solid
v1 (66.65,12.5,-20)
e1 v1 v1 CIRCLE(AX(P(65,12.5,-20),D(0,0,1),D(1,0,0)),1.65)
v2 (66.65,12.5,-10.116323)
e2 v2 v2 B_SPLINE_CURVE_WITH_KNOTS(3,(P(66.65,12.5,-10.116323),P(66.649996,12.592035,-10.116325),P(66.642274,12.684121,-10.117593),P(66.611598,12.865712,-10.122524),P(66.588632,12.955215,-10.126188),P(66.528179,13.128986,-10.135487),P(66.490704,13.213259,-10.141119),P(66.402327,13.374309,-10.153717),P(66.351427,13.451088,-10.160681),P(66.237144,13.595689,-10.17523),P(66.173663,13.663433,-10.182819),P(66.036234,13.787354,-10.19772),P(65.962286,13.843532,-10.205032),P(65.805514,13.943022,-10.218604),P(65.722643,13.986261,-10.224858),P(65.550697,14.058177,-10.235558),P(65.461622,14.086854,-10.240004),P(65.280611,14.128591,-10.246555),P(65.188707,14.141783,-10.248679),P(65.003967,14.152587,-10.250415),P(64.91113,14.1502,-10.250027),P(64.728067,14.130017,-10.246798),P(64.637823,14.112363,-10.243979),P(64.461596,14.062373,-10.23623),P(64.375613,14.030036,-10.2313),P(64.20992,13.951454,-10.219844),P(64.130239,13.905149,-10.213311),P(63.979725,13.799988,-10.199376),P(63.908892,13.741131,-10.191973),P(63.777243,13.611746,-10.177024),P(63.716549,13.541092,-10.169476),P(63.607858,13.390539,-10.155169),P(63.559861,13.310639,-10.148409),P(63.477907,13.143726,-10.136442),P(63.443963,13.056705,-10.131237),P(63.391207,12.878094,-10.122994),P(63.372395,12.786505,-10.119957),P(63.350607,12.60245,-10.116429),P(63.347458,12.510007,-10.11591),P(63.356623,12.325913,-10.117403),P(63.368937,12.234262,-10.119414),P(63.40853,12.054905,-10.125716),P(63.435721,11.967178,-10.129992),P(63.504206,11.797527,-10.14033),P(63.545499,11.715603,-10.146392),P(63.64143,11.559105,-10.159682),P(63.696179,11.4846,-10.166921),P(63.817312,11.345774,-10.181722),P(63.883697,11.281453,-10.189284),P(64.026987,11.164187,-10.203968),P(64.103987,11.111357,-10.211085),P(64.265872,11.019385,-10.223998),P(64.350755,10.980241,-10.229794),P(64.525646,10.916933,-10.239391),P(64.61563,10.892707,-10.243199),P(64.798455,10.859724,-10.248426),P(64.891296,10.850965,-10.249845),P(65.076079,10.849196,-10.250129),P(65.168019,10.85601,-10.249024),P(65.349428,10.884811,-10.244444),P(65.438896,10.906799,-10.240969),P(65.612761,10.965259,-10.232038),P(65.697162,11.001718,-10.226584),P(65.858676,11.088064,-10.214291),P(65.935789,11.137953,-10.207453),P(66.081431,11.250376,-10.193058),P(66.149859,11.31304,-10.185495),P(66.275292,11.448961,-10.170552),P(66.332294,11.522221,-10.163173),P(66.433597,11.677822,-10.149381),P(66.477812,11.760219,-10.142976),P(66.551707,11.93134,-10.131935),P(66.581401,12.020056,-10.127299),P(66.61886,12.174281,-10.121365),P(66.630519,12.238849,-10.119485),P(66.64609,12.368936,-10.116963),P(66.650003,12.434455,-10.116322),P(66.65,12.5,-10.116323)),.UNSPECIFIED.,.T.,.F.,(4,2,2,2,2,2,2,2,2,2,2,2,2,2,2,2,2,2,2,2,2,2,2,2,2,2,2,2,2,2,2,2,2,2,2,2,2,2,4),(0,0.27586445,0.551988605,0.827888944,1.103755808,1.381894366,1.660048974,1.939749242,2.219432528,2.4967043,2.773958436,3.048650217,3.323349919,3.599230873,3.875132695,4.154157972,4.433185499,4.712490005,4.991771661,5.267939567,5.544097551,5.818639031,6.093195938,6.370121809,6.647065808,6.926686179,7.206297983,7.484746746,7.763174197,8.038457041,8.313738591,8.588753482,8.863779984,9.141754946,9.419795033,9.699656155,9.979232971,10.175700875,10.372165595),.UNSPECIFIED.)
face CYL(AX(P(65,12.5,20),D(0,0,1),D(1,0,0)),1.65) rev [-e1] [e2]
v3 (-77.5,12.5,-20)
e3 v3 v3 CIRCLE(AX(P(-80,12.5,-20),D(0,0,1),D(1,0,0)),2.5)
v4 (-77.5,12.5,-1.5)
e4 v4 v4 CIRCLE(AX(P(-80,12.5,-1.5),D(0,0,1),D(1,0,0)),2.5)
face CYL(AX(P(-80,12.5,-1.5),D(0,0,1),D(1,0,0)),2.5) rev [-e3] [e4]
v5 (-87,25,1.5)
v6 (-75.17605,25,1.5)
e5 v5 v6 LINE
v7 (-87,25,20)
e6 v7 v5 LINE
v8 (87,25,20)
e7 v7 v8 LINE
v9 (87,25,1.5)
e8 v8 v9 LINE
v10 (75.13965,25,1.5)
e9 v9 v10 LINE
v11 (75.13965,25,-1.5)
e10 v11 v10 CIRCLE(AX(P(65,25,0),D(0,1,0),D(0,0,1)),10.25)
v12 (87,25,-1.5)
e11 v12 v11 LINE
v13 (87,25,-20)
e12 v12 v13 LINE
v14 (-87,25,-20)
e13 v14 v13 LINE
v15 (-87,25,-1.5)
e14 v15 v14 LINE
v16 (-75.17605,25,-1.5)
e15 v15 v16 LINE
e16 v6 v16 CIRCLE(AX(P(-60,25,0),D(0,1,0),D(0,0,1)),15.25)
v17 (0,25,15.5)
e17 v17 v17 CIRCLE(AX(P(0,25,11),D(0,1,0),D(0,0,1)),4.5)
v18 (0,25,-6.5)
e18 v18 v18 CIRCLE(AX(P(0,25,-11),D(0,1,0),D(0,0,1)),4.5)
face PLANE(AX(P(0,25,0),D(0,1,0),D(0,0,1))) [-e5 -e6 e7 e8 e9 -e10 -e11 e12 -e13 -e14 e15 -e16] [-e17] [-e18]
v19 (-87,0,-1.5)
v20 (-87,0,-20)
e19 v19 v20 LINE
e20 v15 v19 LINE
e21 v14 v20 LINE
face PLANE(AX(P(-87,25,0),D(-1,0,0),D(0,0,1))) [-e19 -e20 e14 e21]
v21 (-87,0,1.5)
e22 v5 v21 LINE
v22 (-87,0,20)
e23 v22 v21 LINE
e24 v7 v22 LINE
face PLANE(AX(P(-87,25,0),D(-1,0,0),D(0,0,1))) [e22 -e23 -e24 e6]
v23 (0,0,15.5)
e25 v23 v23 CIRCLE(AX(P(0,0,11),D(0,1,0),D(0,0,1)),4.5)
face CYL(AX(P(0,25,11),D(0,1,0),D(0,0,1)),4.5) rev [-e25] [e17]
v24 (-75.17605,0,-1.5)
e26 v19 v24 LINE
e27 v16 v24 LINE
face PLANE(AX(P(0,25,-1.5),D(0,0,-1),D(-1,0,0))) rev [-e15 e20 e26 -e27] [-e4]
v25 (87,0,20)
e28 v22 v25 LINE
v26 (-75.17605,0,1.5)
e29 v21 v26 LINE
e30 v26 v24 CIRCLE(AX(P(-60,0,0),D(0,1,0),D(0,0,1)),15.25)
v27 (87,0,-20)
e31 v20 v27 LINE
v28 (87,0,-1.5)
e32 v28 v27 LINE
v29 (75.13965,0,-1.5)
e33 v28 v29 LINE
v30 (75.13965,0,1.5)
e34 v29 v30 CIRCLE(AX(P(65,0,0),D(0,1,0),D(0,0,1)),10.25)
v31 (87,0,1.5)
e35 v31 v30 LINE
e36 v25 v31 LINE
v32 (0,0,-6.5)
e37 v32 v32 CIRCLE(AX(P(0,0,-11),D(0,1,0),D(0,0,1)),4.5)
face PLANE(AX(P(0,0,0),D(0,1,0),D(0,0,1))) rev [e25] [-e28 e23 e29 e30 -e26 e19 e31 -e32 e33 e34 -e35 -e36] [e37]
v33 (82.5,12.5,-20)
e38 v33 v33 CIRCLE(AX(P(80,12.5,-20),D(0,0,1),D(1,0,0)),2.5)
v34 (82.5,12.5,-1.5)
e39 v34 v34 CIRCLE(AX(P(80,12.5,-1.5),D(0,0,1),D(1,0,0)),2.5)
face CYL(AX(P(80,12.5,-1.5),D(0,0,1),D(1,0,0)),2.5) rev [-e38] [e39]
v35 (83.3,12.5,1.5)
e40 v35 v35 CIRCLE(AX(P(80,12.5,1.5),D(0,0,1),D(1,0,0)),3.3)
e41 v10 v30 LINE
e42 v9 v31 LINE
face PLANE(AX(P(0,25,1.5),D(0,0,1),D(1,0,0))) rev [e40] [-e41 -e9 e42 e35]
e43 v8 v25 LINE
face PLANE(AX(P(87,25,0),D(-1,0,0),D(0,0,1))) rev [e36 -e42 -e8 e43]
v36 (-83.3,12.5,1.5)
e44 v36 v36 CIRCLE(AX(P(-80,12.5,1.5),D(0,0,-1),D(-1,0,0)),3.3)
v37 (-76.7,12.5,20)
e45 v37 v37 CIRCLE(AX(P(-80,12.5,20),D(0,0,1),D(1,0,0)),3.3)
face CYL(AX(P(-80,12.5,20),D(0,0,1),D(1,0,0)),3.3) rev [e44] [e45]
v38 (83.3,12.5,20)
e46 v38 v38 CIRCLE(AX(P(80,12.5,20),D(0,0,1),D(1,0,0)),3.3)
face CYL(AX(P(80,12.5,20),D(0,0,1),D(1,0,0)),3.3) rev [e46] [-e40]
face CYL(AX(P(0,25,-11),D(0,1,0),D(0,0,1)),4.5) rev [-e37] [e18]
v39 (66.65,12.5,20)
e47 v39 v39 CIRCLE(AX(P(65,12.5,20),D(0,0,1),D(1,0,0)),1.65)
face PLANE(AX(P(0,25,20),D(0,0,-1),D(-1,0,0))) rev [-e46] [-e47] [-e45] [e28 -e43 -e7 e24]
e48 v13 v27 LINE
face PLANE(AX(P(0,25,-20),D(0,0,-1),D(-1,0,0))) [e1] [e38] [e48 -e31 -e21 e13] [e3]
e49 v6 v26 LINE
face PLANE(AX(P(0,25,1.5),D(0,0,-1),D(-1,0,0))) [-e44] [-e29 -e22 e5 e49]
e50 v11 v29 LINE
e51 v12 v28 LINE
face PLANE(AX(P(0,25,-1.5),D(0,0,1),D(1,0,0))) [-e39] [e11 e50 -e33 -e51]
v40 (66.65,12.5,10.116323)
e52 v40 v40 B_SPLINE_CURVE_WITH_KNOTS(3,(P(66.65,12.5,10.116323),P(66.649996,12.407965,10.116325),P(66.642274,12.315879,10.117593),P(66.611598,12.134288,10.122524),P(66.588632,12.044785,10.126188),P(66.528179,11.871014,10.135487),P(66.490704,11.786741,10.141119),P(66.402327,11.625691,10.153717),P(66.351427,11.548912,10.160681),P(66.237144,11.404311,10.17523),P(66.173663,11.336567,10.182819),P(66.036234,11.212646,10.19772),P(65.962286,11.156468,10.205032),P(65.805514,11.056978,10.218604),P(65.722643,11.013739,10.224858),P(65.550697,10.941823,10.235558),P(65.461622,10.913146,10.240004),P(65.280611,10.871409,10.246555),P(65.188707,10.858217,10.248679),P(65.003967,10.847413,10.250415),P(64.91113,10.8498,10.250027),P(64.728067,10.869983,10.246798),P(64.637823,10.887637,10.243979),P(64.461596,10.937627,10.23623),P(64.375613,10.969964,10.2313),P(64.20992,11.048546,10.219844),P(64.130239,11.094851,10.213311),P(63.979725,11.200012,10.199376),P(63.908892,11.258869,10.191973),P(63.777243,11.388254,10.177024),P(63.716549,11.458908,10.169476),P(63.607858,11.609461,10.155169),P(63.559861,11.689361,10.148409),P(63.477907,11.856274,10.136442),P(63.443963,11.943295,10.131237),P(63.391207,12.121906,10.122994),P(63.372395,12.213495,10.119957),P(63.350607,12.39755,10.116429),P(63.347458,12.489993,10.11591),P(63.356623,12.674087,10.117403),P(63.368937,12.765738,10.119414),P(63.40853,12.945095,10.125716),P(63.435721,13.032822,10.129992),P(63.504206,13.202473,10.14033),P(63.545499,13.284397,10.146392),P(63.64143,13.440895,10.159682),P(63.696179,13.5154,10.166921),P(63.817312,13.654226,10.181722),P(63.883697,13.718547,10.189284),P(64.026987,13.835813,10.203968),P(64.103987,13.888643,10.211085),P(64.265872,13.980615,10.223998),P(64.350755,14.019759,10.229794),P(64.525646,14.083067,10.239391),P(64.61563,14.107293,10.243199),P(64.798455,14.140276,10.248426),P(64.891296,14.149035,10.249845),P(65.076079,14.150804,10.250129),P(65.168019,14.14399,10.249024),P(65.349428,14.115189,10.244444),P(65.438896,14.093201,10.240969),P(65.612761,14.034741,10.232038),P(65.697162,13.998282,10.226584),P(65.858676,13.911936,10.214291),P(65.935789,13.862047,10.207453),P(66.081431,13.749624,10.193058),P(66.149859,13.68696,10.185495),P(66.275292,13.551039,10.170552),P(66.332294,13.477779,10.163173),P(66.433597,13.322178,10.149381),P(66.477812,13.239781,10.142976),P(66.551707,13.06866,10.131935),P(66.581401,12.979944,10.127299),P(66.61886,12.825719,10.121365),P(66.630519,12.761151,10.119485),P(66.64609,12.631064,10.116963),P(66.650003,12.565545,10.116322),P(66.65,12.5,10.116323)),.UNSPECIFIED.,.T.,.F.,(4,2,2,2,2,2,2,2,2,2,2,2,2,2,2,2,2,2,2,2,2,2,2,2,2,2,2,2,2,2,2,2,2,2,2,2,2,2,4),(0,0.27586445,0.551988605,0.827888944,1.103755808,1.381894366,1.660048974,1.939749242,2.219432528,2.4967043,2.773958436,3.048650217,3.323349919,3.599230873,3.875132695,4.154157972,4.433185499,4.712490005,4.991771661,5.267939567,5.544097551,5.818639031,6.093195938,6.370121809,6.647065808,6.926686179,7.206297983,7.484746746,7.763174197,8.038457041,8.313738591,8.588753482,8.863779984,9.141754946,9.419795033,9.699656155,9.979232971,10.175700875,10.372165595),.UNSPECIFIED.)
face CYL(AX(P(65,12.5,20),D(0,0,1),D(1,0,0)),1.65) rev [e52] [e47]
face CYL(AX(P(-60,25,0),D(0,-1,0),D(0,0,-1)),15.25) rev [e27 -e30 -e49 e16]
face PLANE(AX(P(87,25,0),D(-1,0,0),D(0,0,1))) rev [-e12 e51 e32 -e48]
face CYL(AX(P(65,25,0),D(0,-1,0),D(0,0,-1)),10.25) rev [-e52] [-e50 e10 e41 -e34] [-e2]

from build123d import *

# Parameters (mm, degrees)
BOSS_EXTRU_1_DEPTH   = 25
D_GAGEMENT_M61_D     = 6.6
D_GAGEMENT_M61_DEPTH = 18.5
TROU_TARAUD_M61_D    = 5
TROU_TARAUD_M41_D    = 3.3
D_GAGEMENT_M81_D     = 9


with BuildPart() as part:
    # Esquisse1 → Boss.-Extru.1 (new body)
    with BuildSketch(Plane(origin=(0, 0, 0), x_dir=(1, 0, 0), z_dir=(0, 1, 0))):
        with BuildLine():
            Line((-87, -1.5), (-87, -20))
            Line((-87, -20), (87, -20))
            Line((87, -20), (87, -1.5))
            Line((87, -1.5), (75.139649895, -1.5))
            ThreePointArc((75.139649895, -1.5), (54.75, 0), (75.139649895, 1.5))
            Line((75.139649895, 1.5), (87, 1.5))
            Line((87, 1.5), (87, 20))
            Line((87, 20), (-87, 20))
            Line((-87, 20), (-87, 1.5))
            Line((-87, 1.5), (-75.176050211, 1.5))
            ThreePointArc((-75.176050211, 1.5), (-59.249089125, 15.231501333), (-44.75, 0))
            ThreePointArc((-44.75, 0), (-59.249089125, -15.231501333), (-75.176050211, -1.5))
            Line((-75.176050211, -1.5), (-87, -1.5))
        make_face()
    extrude(amount=BOSS_EXTRU_1_DEPTH)

    # Dégagement M61
    with Locations(Plane(origin=(80, 12.5, 20), x_dir=(1, 0, 0), z_dir=(0, 0, 1))):
        with Locations((0, 0), (-160, 0)):
            Hole(D_GAGEMENT_M61_D / 2, depth=D_GAGEMENT_M61_DEPTH)

    # Trou taraudé M61 (through all)
    with Locations(Plane(origin=(80, 12.5, -1.5), x_dir=(1, 0, 0), z_dir=(0, 0, 1))):
        with Locations((0, 0), (-160, 0)):
            Hole(TROU_TARAUD_M61_D / 2)

    # Trou taraudé M41 (through all)
    with Locations(Plane(origin=(65, 12.5, 20), x_dir=(1, 0, 0), z_dir=(0, 0, 1))):
        with Locations((0, 0)):
            Hole(TROU_TARAUD_M41_D / 2)

    # Dégagement M81 (through all)
    with Locations(Plane(origin=(0, 25, -11), x_dir=(0, 0, 1), z_dir=(0, 1, 0))):
        with Locations((0, 0), (22, 0)):
            Hole(D_GAGEMENT_M81_D / 2)


solid = part.part
